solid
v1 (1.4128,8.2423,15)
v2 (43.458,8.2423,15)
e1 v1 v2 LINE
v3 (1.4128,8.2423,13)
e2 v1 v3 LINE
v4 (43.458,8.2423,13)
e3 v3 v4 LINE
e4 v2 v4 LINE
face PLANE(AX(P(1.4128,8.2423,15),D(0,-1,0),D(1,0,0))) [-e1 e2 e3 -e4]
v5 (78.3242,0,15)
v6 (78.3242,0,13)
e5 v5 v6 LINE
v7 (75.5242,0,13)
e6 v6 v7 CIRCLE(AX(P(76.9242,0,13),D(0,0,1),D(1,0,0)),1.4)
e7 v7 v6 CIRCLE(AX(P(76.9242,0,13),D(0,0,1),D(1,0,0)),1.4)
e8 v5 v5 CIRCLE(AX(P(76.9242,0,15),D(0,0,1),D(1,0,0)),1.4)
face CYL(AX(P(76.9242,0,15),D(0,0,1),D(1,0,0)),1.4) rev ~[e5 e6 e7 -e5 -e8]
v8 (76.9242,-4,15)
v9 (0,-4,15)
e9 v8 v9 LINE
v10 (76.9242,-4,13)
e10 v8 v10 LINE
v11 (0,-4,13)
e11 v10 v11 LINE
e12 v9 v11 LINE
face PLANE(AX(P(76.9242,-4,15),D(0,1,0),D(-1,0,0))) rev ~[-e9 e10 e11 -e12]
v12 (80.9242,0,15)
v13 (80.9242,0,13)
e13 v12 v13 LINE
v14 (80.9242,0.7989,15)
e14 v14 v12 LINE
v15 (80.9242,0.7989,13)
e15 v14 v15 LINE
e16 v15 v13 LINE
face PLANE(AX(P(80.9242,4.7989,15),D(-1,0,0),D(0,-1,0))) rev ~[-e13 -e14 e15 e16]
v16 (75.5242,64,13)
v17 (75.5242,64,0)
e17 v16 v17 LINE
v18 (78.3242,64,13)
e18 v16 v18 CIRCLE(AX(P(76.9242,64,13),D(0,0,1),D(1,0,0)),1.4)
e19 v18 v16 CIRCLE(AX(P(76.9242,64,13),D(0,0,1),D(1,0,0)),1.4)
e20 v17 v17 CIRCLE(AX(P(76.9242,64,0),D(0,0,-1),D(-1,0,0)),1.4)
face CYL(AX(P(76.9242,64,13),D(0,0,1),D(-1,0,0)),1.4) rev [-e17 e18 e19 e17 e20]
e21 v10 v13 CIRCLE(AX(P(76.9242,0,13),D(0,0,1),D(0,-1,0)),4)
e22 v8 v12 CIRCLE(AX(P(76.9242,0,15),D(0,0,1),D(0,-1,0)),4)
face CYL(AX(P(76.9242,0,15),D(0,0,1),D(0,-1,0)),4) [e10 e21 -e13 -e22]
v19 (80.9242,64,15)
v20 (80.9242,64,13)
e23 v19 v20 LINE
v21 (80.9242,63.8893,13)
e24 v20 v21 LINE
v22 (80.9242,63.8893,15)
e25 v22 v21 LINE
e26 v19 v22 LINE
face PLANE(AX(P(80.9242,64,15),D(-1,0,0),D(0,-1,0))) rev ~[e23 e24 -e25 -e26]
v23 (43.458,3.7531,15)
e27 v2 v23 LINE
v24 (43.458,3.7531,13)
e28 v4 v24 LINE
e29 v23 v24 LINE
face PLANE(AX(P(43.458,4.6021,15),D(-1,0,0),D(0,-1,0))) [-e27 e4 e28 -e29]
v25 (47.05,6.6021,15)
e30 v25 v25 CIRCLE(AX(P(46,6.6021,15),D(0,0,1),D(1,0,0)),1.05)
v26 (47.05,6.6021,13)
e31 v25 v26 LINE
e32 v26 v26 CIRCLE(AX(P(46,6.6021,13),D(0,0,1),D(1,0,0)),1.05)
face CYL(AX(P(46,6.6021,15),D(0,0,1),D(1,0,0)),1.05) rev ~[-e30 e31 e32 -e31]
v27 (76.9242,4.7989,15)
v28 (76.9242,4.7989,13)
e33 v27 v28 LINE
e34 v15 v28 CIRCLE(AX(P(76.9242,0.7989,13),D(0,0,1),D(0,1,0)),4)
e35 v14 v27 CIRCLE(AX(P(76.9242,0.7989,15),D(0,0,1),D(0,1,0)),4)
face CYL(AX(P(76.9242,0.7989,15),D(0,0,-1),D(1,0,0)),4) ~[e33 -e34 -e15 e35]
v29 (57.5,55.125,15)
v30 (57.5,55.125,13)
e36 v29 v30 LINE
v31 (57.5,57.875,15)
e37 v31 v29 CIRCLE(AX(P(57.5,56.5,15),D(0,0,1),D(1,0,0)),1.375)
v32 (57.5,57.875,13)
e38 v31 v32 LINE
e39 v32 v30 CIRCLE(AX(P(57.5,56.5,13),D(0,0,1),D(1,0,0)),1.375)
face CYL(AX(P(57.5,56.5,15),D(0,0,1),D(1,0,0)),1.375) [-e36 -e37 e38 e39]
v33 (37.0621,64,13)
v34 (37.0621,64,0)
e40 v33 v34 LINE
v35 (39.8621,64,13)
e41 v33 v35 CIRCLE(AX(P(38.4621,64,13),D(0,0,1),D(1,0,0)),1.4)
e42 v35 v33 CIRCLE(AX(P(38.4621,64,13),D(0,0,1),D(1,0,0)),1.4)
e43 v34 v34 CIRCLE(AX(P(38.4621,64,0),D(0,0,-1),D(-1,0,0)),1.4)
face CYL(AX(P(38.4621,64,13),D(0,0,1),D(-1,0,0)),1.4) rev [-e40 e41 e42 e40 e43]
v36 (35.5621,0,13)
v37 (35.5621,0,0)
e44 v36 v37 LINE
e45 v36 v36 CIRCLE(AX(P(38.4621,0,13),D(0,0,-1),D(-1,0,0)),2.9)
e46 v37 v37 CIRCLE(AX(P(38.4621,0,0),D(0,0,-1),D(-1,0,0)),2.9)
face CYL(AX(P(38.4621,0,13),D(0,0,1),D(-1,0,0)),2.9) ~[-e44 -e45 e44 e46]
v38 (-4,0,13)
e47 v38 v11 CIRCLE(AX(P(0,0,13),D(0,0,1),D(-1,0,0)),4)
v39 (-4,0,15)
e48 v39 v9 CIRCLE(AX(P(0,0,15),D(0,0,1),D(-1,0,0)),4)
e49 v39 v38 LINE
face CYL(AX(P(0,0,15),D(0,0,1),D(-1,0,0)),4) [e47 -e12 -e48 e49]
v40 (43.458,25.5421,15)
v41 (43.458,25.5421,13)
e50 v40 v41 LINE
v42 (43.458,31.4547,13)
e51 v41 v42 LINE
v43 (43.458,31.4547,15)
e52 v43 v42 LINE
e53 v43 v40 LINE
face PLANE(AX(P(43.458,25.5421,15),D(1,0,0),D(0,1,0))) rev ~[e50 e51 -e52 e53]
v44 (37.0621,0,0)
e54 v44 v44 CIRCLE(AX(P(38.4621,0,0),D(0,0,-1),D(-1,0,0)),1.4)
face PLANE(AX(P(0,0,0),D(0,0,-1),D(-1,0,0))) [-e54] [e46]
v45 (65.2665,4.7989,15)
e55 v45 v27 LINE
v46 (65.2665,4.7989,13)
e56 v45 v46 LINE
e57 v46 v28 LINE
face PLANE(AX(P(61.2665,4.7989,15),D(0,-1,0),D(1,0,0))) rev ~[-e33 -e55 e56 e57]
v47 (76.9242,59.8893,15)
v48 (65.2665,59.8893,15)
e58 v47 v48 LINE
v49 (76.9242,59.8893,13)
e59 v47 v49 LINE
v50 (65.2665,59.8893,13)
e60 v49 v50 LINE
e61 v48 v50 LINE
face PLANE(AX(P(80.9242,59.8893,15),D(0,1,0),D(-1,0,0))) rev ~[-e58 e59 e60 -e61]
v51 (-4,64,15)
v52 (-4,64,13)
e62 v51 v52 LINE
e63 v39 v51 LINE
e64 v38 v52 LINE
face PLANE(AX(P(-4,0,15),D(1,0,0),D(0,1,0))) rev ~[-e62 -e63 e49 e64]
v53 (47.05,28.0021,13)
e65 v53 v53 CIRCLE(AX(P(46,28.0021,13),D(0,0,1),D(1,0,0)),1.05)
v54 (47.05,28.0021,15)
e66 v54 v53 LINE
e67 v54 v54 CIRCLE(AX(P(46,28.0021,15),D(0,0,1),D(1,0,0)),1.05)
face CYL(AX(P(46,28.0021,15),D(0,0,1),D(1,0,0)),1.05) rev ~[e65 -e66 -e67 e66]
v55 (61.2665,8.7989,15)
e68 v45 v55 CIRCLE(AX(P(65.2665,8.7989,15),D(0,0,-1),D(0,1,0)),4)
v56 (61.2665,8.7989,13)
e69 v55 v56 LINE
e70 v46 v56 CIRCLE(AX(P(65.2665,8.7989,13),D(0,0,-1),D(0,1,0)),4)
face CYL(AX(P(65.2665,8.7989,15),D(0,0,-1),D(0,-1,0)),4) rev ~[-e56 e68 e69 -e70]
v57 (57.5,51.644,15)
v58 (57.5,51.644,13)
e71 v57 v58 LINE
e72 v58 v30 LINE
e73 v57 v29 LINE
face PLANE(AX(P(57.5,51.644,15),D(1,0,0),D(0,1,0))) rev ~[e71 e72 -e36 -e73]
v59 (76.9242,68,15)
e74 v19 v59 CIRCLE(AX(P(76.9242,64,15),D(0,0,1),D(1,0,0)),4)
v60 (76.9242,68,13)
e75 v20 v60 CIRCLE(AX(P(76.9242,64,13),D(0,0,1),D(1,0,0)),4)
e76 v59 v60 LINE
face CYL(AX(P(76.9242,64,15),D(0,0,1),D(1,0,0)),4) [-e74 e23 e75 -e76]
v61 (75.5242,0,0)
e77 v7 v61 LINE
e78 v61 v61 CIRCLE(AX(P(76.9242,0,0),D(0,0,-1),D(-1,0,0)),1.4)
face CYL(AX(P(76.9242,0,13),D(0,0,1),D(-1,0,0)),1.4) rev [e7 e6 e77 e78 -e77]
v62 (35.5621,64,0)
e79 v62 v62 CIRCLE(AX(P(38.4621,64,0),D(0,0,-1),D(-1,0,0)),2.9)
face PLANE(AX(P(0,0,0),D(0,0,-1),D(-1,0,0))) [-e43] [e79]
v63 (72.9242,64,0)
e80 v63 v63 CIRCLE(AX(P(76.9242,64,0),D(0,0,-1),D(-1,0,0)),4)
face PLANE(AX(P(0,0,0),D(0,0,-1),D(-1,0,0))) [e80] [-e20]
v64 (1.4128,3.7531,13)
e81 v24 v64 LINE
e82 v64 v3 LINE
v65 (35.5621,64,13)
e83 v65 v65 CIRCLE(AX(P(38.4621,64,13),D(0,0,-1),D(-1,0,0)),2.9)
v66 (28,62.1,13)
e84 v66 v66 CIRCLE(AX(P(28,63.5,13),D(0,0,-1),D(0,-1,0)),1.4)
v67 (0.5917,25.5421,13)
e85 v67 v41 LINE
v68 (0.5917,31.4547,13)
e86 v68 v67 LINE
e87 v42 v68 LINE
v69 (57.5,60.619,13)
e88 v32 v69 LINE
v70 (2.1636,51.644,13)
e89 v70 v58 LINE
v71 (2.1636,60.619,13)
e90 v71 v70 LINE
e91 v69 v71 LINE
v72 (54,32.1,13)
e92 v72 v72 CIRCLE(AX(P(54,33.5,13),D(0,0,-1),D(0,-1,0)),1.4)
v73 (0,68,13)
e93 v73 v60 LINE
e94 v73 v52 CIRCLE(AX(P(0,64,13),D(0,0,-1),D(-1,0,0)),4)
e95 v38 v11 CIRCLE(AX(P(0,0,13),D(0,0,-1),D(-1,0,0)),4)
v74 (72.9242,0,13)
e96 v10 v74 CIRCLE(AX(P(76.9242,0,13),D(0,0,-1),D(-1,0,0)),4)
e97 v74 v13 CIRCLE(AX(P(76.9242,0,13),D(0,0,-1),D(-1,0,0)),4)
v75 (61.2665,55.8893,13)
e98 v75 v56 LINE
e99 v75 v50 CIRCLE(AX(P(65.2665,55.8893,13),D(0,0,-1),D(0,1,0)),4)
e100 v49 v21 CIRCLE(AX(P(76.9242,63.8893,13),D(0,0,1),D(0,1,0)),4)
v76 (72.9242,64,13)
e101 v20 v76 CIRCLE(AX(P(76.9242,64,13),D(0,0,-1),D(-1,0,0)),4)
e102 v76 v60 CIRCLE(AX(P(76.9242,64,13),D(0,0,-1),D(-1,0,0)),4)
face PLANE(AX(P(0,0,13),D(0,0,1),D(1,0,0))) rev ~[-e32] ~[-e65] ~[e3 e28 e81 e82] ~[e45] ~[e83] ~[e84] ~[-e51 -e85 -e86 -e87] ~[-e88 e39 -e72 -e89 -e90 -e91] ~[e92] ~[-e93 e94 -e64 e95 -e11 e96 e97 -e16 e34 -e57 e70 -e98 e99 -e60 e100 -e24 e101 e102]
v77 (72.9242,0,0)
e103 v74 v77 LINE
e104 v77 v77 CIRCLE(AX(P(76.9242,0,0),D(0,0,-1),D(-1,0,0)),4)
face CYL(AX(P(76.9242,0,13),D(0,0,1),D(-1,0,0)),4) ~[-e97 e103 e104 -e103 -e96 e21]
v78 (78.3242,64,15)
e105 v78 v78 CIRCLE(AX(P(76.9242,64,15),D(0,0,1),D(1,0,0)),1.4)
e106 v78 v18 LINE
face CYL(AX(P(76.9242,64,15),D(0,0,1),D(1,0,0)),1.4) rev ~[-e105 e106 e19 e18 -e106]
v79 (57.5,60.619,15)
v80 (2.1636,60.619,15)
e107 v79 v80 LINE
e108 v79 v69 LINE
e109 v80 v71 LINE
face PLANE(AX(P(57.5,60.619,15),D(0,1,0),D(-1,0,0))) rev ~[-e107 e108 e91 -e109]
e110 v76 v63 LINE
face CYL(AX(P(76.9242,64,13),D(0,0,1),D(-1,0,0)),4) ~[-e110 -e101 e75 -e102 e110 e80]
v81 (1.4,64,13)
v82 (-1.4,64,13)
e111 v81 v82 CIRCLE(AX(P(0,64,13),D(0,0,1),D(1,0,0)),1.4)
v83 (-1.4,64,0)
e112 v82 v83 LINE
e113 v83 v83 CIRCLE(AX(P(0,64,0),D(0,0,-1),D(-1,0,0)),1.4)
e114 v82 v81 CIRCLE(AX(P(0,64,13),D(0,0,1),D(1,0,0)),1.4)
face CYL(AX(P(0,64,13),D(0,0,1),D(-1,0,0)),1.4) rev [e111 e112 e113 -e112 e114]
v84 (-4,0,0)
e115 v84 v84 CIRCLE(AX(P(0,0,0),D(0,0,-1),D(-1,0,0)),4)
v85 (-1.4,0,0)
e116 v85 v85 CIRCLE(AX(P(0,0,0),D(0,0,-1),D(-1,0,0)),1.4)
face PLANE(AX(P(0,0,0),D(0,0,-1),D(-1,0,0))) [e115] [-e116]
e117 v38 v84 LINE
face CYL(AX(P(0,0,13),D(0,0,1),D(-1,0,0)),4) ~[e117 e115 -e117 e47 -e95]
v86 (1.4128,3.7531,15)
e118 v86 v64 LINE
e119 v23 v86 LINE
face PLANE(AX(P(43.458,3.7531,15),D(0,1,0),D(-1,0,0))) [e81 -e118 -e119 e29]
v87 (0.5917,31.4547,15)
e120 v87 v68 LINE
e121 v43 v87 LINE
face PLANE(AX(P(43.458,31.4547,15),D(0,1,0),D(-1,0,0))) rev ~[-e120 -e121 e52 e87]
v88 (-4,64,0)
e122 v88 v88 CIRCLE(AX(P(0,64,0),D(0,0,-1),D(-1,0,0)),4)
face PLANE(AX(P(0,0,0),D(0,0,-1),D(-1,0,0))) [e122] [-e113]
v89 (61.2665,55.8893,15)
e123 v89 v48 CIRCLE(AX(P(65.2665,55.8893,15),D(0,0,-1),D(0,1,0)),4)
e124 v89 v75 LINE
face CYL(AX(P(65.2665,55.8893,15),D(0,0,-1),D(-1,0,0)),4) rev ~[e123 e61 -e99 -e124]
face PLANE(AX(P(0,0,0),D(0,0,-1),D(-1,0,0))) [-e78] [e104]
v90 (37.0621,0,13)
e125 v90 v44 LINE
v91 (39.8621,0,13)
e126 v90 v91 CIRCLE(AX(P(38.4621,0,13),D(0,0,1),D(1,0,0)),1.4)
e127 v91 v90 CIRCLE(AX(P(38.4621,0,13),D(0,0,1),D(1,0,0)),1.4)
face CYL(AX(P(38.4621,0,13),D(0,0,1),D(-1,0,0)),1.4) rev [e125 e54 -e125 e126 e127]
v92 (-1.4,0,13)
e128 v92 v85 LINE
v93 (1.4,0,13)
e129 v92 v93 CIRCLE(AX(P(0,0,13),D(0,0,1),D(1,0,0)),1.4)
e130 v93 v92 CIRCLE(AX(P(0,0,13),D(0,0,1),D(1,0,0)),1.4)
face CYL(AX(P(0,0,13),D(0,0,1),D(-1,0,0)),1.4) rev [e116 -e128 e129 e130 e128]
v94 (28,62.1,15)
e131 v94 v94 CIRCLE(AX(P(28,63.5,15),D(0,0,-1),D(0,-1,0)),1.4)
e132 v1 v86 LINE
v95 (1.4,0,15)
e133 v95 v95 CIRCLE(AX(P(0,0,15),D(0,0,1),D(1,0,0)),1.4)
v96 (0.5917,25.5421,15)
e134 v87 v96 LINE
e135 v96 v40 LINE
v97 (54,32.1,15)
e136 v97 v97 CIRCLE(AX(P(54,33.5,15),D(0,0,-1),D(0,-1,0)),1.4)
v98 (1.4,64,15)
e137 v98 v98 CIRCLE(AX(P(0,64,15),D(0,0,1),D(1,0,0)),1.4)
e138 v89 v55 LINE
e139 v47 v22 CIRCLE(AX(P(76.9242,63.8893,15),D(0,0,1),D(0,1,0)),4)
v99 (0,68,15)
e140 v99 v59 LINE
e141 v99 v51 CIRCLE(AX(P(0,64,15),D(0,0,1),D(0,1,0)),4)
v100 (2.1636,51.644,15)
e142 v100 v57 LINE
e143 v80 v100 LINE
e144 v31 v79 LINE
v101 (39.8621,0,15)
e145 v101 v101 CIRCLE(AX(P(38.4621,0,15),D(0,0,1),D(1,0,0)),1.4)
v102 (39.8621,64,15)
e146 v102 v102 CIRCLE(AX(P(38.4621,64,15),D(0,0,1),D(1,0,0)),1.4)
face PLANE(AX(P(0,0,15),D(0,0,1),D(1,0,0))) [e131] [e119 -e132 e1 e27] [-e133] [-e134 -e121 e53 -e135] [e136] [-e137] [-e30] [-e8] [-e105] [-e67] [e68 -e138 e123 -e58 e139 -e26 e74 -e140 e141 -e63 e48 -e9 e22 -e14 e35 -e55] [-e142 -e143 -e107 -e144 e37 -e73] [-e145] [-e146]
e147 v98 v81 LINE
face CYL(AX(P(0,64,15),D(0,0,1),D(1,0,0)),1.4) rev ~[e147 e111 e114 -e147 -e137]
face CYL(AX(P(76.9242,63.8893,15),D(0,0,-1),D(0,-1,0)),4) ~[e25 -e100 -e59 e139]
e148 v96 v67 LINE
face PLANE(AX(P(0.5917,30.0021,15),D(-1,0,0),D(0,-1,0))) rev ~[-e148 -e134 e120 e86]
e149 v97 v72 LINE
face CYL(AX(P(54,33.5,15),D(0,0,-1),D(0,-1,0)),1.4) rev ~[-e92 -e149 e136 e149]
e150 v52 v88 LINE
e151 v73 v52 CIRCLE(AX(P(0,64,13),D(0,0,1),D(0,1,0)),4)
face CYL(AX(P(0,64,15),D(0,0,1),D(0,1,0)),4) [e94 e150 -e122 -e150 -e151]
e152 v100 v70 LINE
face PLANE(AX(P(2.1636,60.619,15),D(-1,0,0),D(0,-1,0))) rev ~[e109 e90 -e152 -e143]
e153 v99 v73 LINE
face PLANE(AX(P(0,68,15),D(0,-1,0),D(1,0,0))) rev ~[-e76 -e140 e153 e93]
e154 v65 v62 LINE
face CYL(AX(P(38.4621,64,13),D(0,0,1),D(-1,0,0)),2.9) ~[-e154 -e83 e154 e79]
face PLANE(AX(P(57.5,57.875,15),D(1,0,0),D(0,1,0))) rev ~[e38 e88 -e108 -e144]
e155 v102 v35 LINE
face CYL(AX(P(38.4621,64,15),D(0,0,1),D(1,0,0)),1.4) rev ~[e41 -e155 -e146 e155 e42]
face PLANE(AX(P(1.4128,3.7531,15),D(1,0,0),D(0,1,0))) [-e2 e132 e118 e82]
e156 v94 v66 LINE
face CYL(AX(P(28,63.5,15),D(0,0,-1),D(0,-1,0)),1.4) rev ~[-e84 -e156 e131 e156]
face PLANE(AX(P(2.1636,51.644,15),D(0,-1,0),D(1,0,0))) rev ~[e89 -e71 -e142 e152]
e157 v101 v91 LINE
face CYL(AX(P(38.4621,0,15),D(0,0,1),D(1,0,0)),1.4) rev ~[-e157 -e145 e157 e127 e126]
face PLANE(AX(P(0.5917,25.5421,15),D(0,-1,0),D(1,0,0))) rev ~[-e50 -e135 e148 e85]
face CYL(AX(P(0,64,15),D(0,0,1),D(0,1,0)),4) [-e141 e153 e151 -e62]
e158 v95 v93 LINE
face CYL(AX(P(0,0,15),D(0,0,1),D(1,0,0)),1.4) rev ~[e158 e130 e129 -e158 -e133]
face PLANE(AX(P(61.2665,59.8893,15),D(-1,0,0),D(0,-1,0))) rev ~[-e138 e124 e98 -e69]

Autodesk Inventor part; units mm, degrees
ref_plane "YZ Plane" through (0, 0, 0) normal (1, 0, 0) x (0, 1, 0)
ref_plane "XZ Plane" through (0, 0, 0) normal (0, 1, 0) x (-1, 0, 0)
ref_plane "Work Plane1" through (0, 0, 15) normal (0, 0, 1) x (1, 0, 0)
sketch "Sketch1" plane through (0, 0, 15) normal (0, 0, 1) x (1, 0, 0)
  circle A0 centre (0, 64) radius 1.4 projected
  circle A1 centre (0, 0) radius 1.4 projected
  circle A2 centre (38.4621, 0) radius 1.4 projected
  circle A3 centre (76.9242, 0) radius 1.4 projected
  circle A4 centre (76.9242, 64) radius 1.4 projected
  circle A5 centre (38.4621, 64) radius 1.4 projected
  circle A6 centre (-0.5, 56.5) radius 1.375 projected
  circle A7 centre (-0.5, 7.5) radius 1.375 projected
  circle A8 centre (57.5, 7.5) radius 1.375 projected
  circle A9 centre (57.5, 56.5) radius 1.375 projected
  line L0 (0, 68) -> (76.9242, 68) projected
  arc A10 (80.9242, 64) -> (76.9242, 68) centre (76.9242, 64) ccw projected
  line L1 (80.9242, 64) -> (80.9242, 0) projected
  arc A11 (76.9242, -4) -> (80.9242, 0) centre (76.9242, 0) ccw projected
  line L2 (76.9242, -4) -> (0, -4) projected
  arc A12 (-4, 0) -> (0, -4) centre (0, 0) ccw projected
  line L3 (-4, 0) -> (-4, 64) projected
  arc A13 (0, 68) -> (-4, 64) centre (0, 64) ccw projected
  line L4 (57.5, 60.619) -> (2.1636, 60.619)
  line L5 (2.1636, 60.619) -> (2.1636, 51.644)
  line L6 (2.1636, 51.644) -> (57.5, 51.644)
  line L7 (57.5, 51.644) -> (57.5, 60.619)
  line L8 (80.9242, 59.8893) -> (61.2665, 59.8893)
  line L9 (61.2665, 59.8893) -> (61.2665, 4.7989)
  line L10 (61.2665, 4.7989) -> (80.9242, 4.7989)
  line L11 (80.9242, 4.7989) -> (80.9242, 59.8893)
  point P0 (0, 0)
extrude "Extrusion1" add sketch "Sketch1" against normal blind 2 contours A6 | A7 | A8 | A9 L7 | L7 A9 | L0 A10 L1 L8 L9 L10 A11 L2 A12 L3 A13
sketch "Sketch2" plane through (0, 0, 13) normal (0, 0, -1) x (-1, 0, 0)
  circle A0 centre (-38.4621, 0) radius 2.9 projected
  circle A1 centre (-38.4621, 64) radius 2.9 projected
  circle A2 centre (0, 0) radius 1.4 projected
  circle A3 centre (-38.4621, 0) radius 1.4 projected
  circle A4 centre (-76.9242, 0) radius 1.4 projected
  circle A5 centre (-76.9242, 64) radius 1.4 projected
  circle A6 centre (-38.4621, 64) radius 1.4 projected
  circle A7 centre (0, 64) radius 1.4 projected
  circle A8 centre (-76.9242, 0) radius 4
  circle A9 centre (-76.9242, 64) radius 4
  circle A10 centre (0, 64) radius 4
  circle A11 centre (0, 0) radius 4
  point P0 (0, 0)
ref_plane "Work Plane2" through (-3.375, 53.625, 0) normal (0, 0, 1) x (1, 0, 0)
extrude "Extrusion2" add sketch "Sketch2" along normal up to surface (13 mm away)
fillet "Fillet1" radius 4 4 edges at (61.2665, 4.7989, 14) (61.2665, 59.8893, 14) (80.9242, 59.8893, 14) (80.9242, 4.7989, 14)
sketch "Sketch3" plane through (0, 0, 15) normal (0, 0, 1) x (1, 0, 0)
  circle A0 centre (46, 6.6021) radius 1.05 projected
  line L0 (48, 30.0021) -> (-9, 30.0021) projected
  line L1 (-9, 30.0021) -> (-9, 4.6021) projected
  line L2 (-9, 4.6021) -> (48, 4.6021) projected
  line L3 (48, 4.6021) -> (48, 30.0021) projected
  circle A1 centre (-1, 27.9021) radius 1.05 projected
  circle A2 centre (46, 6.6021) radius 1.05 projected
  circle A3 centre (46, 28.0021) radius 1.05 projected
  circle A4 centre (-0.5, 7.5) radius 1.375 projected
  line L4 (43.458, 3.7531) -> (1.4128, 3.7531)
  line L5 (1.4128, 3.7531) -> (1.4128, 8.2423)
  line L6 (1.4128, 8.2423) -> (43.458, 8.2423)
  line L7 (43.458, 8.2423) -> (43.458, 3.7531)
  line L8 (43.458, 31.4547) -> (0.5917, 31.4547)
  line L9 (0.5917, 31.4547) -> (0.5917, 25.5421)
  line L10 (0.5917, 25.5421) -> (43.458, 25.5421)
  line L11 (43.458, 25.5421) -> (43.458, 31.4547)
  point P0 (0, 0)
extrude "Extrusion3" cut sketch "Sketch3" against normal through all contours A0 | L11 L10 L9 L0 | L0 L9 L8 L11 | L7 L4 L5 L2 | L2 L5 L6 L7 | A3
sketch "Sketch4" plane through (0, 0, 15) normal (0, 0, 1) x (1, 0, 0)
  line L0 (76.9242, 68) -> (0, 68) projected
  line L1 (-4, 64) -> (-4, 0) projected
  point P0 (0, 0)
  point P1 (28, 63.5)
  point P2 (54, 33.5)
  dimension "d8" = 4.5
  dimension "d9" = 32
  dimension "d10" = 30
  dimension "d11" = 26
hole "Hole1" at (28, 63.5, 15) at (54, 33.5, 15) direction (0, 0, -1) diameter 2.8 depth 20 tip angle 118
properties part number "cellSTORM_v5_Electronicbox_midlayer"
